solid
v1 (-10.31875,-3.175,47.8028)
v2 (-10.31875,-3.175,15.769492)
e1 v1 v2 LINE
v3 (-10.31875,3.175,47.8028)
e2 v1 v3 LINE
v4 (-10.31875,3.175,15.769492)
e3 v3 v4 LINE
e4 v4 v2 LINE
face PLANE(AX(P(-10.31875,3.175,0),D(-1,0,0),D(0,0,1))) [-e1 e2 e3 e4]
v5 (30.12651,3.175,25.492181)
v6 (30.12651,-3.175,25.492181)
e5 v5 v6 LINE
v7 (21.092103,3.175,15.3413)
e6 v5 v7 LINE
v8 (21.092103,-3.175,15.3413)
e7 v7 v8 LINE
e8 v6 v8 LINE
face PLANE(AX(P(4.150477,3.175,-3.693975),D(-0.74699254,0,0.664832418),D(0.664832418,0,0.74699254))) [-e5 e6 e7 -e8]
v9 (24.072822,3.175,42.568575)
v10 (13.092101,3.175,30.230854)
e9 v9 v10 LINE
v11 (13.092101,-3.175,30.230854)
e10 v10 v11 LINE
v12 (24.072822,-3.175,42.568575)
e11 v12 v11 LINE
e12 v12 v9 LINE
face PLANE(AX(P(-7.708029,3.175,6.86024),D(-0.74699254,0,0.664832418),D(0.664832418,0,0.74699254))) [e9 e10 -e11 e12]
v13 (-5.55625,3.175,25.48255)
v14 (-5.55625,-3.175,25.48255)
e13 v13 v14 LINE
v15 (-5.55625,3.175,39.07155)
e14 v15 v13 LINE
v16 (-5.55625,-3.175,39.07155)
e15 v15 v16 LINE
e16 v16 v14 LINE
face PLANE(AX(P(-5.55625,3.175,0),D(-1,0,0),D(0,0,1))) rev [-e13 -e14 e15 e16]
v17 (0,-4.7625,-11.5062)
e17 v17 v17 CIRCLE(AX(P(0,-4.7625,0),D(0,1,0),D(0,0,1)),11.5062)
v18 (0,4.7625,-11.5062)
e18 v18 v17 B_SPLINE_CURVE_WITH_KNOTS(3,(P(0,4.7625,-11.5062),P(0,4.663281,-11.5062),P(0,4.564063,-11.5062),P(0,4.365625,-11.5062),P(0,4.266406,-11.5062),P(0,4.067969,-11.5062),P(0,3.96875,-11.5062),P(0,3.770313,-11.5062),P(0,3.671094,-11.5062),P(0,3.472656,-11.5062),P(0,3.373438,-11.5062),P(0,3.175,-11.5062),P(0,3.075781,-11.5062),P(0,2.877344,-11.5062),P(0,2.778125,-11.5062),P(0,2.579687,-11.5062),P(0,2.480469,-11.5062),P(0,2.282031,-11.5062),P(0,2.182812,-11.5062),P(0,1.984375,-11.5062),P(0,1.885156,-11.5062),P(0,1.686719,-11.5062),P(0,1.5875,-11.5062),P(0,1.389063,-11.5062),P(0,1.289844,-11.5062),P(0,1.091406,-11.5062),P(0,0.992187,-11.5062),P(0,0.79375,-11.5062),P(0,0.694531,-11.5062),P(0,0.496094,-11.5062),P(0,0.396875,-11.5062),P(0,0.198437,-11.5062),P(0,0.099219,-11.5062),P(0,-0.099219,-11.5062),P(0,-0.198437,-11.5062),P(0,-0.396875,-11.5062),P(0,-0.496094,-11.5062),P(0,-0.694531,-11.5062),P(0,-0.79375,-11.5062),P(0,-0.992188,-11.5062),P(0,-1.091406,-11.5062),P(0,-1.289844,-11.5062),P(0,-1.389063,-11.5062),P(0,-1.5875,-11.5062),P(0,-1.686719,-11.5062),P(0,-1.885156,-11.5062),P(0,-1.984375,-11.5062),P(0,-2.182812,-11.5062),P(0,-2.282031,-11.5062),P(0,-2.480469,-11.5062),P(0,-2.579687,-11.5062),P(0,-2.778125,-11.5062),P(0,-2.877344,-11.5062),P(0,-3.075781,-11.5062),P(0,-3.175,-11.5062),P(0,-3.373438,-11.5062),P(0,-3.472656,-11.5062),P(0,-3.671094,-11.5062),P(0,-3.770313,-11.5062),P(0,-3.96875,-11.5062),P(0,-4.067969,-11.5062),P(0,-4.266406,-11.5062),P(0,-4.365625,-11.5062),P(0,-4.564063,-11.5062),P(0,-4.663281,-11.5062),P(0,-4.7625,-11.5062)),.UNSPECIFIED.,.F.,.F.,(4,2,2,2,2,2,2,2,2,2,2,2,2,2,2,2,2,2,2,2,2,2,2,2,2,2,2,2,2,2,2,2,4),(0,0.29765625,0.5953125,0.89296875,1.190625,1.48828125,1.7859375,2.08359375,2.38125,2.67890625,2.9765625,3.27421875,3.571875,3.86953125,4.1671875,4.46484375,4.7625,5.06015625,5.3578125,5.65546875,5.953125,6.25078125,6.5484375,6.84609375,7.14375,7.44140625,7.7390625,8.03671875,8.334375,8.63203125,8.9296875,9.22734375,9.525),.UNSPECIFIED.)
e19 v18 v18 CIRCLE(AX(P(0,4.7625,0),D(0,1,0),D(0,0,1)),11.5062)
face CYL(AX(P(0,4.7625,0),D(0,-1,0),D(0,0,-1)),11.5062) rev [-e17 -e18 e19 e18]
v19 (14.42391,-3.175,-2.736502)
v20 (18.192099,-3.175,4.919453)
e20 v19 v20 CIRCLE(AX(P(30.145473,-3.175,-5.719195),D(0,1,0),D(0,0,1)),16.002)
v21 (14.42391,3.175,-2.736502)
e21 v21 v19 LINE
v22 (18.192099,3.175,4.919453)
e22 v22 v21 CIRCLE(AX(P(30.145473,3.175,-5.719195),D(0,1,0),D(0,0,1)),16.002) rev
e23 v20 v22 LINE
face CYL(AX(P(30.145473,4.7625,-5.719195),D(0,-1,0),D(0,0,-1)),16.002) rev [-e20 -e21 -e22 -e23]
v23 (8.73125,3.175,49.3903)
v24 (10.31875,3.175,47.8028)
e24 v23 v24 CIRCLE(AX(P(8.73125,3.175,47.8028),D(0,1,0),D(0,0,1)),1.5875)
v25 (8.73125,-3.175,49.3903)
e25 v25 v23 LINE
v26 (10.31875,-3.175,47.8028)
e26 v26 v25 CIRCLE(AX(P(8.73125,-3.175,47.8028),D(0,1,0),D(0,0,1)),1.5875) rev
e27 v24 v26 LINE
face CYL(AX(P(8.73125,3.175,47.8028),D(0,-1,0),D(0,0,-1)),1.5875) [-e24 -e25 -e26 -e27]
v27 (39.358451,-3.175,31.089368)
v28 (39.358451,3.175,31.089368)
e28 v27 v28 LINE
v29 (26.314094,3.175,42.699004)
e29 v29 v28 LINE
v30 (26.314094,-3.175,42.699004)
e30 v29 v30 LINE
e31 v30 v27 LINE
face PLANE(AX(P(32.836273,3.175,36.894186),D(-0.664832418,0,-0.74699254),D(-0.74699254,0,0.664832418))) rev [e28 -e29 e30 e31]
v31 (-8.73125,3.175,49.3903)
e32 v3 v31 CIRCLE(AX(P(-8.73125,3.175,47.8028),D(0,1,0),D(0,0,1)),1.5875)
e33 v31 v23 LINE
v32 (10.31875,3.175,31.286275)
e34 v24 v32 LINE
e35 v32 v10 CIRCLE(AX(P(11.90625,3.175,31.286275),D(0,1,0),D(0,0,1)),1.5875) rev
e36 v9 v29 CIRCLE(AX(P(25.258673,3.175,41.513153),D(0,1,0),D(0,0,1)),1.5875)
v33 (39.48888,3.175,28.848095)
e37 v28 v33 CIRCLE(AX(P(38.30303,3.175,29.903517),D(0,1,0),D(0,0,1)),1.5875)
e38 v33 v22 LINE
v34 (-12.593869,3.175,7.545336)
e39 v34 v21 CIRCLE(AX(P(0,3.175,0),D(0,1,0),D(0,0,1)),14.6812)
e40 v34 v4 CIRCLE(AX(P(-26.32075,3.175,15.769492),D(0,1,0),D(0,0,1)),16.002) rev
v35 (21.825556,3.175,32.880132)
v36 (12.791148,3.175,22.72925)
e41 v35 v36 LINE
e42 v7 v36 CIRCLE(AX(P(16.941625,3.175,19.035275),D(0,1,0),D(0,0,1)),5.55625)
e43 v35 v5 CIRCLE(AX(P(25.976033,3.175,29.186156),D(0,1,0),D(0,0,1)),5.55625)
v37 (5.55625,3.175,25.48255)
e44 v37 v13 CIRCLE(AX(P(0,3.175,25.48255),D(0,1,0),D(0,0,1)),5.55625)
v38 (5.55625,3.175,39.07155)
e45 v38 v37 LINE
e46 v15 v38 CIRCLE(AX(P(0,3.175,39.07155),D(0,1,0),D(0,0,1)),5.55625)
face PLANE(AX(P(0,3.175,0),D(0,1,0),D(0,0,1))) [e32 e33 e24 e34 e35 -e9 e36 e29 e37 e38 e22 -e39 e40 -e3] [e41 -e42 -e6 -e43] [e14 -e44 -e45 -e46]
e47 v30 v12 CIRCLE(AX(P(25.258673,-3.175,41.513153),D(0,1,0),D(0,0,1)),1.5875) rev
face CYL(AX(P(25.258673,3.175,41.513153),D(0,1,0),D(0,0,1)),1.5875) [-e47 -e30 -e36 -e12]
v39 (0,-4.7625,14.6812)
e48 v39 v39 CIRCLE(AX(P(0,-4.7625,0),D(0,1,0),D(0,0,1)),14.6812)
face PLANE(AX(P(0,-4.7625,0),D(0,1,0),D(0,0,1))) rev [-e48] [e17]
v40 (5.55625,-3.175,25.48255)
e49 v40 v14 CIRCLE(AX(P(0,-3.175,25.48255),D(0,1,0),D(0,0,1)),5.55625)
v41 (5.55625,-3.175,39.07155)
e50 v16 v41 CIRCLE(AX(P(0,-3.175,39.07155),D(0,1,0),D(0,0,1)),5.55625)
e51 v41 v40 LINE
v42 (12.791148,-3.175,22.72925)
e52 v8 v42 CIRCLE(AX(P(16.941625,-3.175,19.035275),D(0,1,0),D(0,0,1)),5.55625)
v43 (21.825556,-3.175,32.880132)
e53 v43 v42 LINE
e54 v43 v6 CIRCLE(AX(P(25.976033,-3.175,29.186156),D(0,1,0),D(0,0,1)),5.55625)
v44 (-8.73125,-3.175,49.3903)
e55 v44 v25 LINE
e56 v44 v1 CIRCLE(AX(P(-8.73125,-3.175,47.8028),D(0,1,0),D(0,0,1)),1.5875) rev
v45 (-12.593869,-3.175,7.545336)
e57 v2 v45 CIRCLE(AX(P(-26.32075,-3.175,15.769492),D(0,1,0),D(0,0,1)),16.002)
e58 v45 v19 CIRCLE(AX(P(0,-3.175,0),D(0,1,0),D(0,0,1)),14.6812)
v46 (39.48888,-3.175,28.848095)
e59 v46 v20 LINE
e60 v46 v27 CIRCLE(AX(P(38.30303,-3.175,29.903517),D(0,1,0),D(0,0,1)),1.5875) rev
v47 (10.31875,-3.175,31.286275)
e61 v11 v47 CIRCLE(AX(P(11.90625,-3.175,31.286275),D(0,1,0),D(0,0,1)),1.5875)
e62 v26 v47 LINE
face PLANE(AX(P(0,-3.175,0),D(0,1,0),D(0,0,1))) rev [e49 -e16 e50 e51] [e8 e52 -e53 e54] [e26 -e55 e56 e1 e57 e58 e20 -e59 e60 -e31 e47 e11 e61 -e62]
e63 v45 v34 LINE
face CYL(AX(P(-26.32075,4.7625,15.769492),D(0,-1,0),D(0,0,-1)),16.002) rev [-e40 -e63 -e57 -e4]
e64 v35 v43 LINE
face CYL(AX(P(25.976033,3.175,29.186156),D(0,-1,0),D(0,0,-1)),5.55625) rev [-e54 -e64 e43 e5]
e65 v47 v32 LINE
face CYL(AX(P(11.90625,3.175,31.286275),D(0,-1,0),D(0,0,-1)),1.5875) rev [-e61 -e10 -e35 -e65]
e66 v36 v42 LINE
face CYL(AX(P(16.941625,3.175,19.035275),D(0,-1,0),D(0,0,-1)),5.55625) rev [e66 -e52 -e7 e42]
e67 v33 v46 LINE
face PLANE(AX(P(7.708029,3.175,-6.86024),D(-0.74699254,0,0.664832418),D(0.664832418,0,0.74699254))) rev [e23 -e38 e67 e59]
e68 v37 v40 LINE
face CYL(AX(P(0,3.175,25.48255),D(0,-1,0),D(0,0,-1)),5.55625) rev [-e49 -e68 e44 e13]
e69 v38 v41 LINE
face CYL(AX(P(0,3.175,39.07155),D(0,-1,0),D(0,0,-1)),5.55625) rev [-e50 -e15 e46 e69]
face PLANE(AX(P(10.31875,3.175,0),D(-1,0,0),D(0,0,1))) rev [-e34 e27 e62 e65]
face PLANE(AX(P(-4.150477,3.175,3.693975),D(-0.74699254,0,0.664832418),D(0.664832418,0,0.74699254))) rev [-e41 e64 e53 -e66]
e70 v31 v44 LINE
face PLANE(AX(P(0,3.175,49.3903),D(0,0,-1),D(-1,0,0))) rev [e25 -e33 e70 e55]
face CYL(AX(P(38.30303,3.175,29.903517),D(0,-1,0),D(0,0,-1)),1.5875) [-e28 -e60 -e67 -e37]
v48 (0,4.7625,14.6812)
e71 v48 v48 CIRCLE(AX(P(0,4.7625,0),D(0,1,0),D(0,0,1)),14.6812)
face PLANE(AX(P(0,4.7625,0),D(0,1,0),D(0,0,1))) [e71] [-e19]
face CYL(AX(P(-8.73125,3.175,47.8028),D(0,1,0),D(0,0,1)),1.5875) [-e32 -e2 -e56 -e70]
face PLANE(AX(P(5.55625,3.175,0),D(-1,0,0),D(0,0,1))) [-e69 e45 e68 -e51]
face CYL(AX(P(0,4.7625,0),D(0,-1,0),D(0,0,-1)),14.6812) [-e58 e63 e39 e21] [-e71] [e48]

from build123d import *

# Parameters (mm, degrees)
SKETCH1_R                      = 14.6812
SKETCH1_R_2                    = 11.5062
BEARING_INSERT_EXTRUDE_DEPTH   = 4.7625
APEX_SLOT_INSERT_EXTRUDE_DEPTH = 3.175
FILLET1_R                      = 16.002
FILLET2_R                      = 1.5875


with BuildPart() as part:
    # Sketch1 → Bearing_Insert_Extrude (new, symmetric)
    with BuildSketch(Plane(origin=(0, 0, 0), x_dir=(1, 0, 0), z_dir=(0, 1, 0))):
        with Locations(Location((0, 0, 0), (0, 0, 90))):
            Circle(SKETCH1_R)
        with Locations(Location((0, 0, 0), (0, 0, 90))):
            Circle(SKETCH1_R_2, mode=Mode.SUBTRACT)
    extrude(amount=BEARING_INSERT_EXTRUDE_DEPTH, both=True)

    # Sketch1<4> → Apex_Slot_Insert_Extrude (add, symmetric)
    with BuildSketch(Plane(origin=(0, 0, 0), x_dir=(1, 0, 0), z_dir=(0, 1, 0))):
        with BuildLine():
            Line((-10.31875, -10.443228997), (-10.31875, -49.3903))
            Line((-10.31875, -49.3903), (10.31875, -49.3903))
            Line((10.31875, -49.3903), (10.31875, -27.114771747))
            Line((10.31875, -27.114771747), (25.128243321, -43.754425185))
            Line((25.128243321, -43.754425185), (40.544301873, -30.033946149))
            Line((40.544301873, -30.033946149), (14.651026466, -0.94077464))
            ThreePointArc((14.651026466, -0.94077464), (5.221715671, -13.721199616), (-10.31875, -10.443228997))
        make_face()
        with BuildLine():
            ThreePointArc((5.55625, -39.07155), (0, -44.6278), (-5.55625, -39.07155))
            Line((-5.55625, -39.07155), (-5.55625, -25.48255))
            ThreePointArc((-5.55625, -25.48255), (0, -19.9263), (5.55625, -25.48255))
            Line((5.55625, -25.48255), (5.55625, -39.07155))
        make_face(mode=Mode.SUBTRACT)
        with BuildLine():
            ThreePointArc((30.126510381, -25.492181266), (29.670008204, -33.336633694), (21.825555776, -32.880131516))
            Line((21.825555776, -32.880131516), (12.791148042, -22.729249885))
            ThreePointArc((12.791148042, -22.729249885), (13.24765022, -14.884797457), (21.092102647, -15.341299635))
            Line((21.092102647, -15.341299635), (30.126510381, -25.492181266))
        make_face(mode=Mode.SUBTRACT)
    extrude(amount=APEX_SLOT_INSERT_EXTRUDE_DEPTH, both=True)

    # Fillet1
    fillet1_edges = [part.edges().sort_by_distance(p)[0] for p in [
        (14.651026466, 0, 0.94077464),
        (-10.31875, 0, 10.443228997),
    ]]
    fillet(fillet1_edges, radius=FILLET1_R)

    # Fillet2
    fillet2_edges = [part.edges().sort_by_distance(p)[0] for p in [
        (-10.31875, 0, 49.3903),
        (10.31875, 0, 49.3903),
        (10.31875, 0, 27.114771747),
        (25.128243321, 0, 43.754425185),
        (40.544301873, 0, 30.033946149),
    ]]
    fillet(fillet2_edges, radius=FILLET2_R)


solid = part.part
